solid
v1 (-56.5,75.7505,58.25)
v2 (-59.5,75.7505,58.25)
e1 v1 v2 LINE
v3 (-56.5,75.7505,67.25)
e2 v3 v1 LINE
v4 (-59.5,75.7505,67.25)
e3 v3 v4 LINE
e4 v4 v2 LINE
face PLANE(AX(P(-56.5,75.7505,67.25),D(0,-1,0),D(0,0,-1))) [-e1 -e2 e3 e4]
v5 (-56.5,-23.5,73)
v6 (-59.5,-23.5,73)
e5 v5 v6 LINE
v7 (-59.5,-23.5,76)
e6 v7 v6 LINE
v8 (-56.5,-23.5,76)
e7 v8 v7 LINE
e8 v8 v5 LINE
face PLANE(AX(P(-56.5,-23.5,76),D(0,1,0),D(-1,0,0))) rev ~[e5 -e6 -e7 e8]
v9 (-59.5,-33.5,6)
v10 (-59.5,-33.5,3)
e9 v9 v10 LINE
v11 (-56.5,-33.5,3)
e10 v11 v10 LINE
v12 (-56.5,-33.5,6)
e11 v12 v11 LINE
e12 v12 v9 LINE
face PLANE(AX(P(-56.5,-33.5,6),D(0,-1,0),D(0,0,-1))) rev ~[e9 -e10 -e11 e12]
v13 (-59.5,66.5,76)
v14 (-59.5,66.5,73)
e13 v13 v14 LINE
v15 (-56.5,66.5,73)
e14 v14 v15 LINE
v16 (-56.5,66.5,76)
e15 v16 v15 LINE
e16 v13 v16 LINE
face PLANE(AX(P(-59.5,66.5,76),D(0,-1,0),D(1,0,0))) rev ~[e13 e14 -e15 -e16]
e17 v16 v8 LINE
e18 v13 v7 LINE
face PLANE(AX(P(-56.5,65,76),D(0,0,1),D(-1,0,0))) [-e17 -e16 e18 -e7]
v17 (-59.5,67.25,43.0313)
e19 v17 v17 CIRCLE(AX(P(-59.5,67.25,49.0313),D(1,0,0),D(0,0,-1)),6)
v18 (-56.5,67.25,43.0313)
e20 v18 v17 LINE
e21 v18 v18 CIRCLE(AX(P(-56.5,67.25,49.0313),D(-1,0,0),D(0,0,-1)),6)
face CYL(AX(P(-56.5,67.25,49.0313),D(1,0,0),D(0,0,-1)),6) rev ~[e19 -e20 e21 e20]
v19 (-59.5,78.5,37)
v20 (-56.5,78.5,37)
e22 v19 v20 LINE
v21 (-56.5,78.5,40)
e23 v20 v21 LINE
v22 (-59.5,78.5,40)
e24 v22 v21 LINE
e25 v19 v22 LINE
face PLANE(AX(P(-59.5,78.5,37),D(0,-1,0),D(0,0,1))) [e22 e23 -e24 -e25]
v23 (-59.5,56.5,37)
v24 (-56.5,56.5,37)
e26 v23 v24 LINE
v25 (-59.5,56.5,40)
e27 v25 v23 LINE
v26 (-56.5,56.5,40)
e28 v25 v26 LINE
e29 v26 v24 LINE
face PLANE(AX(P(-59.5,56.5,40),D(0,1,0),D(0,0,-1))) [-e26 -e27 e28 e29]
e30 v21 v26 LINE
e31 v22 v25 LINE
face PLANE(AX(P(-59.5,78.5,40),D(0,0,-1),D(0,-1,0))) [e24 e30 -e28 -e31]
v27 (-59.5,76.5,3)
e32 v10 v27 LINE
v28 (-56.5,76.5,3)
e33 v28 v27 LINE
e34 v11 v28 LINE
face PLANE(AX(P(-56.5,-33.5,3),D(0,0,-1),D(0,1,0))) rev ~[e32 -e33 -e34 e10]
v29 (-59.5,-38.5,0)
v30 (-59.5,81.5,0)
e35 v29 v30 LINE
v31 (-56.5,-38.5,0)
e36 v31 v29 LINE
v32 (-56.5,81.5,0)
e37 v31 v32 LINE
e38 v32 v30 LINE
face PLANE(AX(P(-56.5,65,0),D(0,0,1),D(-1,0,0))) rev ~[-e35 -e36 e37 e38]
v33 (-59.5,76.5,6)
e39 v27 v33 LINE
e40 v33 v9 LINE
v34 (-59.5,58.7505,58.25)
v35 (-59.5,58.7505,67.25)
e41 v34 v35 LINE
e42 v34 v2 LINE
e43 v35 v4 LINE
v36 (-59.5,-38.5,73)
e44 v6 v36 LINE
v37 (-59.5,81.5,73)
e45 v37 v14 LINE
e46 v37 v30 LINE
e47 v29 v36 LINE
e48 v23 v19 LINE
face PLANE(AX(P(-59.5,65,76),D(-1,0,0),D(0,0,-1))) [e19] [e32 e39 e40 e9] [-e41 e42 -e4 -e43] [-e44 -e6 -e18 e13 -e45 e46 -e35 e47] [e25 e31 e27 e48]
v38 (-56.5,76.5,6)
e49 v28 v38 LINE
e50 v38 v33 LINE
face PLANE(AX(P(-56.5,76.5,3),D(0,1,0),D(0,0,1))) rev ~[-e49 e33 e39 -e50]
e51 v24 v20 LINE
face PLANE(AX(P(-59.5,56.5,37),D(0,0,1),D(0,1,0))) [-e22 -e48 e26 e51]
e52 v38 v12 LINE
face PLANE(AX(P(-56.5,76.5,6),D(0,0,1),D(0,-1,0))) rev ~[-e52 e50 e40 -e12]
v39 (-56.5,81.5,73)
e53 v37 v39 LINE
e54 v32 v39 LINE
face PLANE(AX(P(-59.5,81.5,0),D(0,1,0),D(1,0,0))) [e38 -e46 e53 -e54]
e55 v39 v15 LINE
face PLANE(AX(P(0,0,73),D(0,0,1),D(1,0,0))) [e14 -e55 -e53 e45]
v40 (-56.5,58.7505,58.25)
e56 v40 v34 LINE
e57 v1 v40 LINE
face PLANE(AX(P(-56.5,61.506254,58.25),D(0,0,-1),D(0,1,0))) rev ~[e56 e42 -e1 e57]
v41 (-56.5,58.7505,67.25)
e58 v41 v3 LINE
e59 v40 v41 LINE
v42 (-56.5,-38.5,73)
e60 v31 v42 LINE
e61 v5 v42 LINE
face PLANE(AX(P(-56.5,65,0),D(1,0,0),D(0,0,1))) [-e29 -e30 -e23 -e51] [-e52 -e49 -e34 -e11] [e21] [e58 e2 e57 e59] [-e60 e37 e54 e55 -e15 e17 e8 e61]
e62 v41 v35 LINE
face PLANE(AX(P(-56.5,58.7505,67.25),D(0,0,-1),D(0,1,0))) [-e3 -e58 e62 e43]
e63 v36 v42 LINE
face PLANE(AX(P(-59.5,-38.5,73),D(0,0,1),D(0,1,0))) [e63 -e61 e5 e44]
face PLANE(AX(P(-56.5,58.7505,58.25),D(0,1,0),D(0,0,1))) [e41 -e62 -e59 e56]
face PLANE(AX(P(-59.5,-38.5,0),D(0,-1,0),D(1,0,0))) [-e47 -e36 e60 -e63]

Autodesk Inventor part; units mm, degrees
ref_plane "YZ Plane" through (0, 0, 0) normal (1, 0, 0) x (0, 1, 0)
ref_plane "XZ Plane" through (0, 0, 0) normal (0, 1, 0) x (-1, 0, 0)
ref_plane "XY Plane" through (0, 0, 0) normal (0, 0, 1) x (1, 0, 0)
sketch "Sketch1" plane through (0, 0, 0) normal (0, 0, 1) x (1, 0, 0)
  line L0 (-56.5, -25) -> (-59.5, -25) projected
  line L1 (-59.5, -25) -> (-59.5, 65) projected
  line L2 (-56.5, -38) -> (-56.5, 78) projected
  line L3 (-59.5, 65) -> (-56.5, 65) projected
  line L4 (-56.5, -25) -> (-59.5, -25)
  line L5 (-59.5, -25) -> (-59.5, 65)
  line L6 (-59.5, 65) -> (-56.5, 65)
  line L7 (-56.5, 65) -> (-56.5, -25)
  point P0 (0, 0)
extrude "Extrusion1" add sketch "Sketch1" along normal blind 76
sketch "Sketch2" plane through (-59.5, -25, 0) normal (0, -1, 0) x (1, 0, 0)
  line L0 (3, 0) -> (3, 76) projected
  line L1 (0, 76) -> (3, 76) projected
  line L2 (3, 0) -> (0, 0)
  line L3 (0, 0) -> (0, 76)
  line L4 (0, 76) -> (3, 76)
  line L5 (3, 76) -> (3, 0)
  point P0 (59.5, 0)
extrude "Extrusion2" add sketch "Sketch2" along normal blind 13.5
sketch "Sketch4" plane through (-59.5, 65, 0) normal (0, 1, 0) x (1, 0, 0)
  line L0 (3, 0) -> (3, -76) projected
  line L1 (3, 0) -> (0, 0) projected
  line L2 (3, -76) -> (0, -76)
  line L3 (0, -76) -> (0, 0)
  line L4 (0, 0) -> (3, 0)
  line L5 (3, 0) -> (3, -76)
  point P0 (59.5, 0)
extrude "Extrusion3" add sketch "Sketch4" along normal blind 16.5
sketch "Sketch5" plane through (-59.5, -38.5, 0) normal (-1, 0, 0) x (0, 0, 1)
  line L0 (0, 120) -> (76, 120) projected
  line L1 (76, 120) -> (73, 120)
  line L2 (73, 120) -> (73, 110)
  line L3 (73, 110) -> (76, 110)
  line L4 (76, 110) -> (76, 120)
  line L5 (76, 0) -> (76, 120) projected
  line L6 (76, 0) -> (73, 0)
  line L7 (73, 0) -> (73, 10)
  line L8 (73, 10) -> (76, 10)
  line L9 (76, 10) -> (76, 0)
  point P0 (0, 38.5)
  dimension "d10" = 3
  dimension "d11" = 10
  dimension "d12" = 3
  dimension "d13" = 10
extrude "Extrusion4" cut sketch "Sketch5" against normal blind 10
sketch "Sketch6" plane through (0, 0, 76) normal (0, 0, 1) x (1, 0, 0)
  line L0 (-59.5, -28.5) -> (-56.5, -28.5) projected
  line L1 (-56.5, -28.5) -> (-56.5, -38.5) projected
  line L2 (-59.5, -38.5) -> (-59.5, -28.5) projected
  line L3 (-56.5, -23.5) -> (-59.5, -23.5) projected
  line L4 (-59.5, 66.5) -> (-56.5, 66.5) projected
  line L5 (-59.5, 81.5) -> (-59.5, -38.5) projected
  line L6 (-56.5, -23.5) -> (-59.5, -23.5)
  line L7 (-59.5, -23.5) -> (-59.5, -38.5)
  line L8 (-59.5, -38.5) -> (-56.5, -38.5)
  line L9 (-56.5, -38.5) -> (-56.5, -23.5)
  line L10 (-56.5, 66.5) -> (-59.5, 66.5)
  line L11 (-59.5, 66.5) -> (-59.5, 81.5)
  line L12 (-59.5, 81.5) -> (-56.5, 81.5)
  line L13 (-56.5, 81.5) -> (-56.5, 66.5)
  point P0 (0, 0)
  dimension "d16" = 15
extrude "Extrusion5" cut sketch "Sketch6" against normal blind 3
sketch "Sketch7" plane through (-56.5, -38.5, 0) normal (1, 0, 0) x (0, 0, -1)
  circle A0 centre (-58, 105) radius 5 projected
  circle A1 centre (-58, 105) radius 5 projected
  line L0 (-70, 94.5) -> (-43, 94.5)
  line L1 (-43, 94.5) -> (-43, 117.0005)
  line L2 (-43, 117.0005) -> (-70, 117.0005)
  line L3 (-70, 117.0005) -> (-70, 94.5)
  line L4 (0, 91.5) -> (-73, 91.5) projected
  line L5 (-73, 105) -> (-73, 95) projected
  line L6 (-63, 120.0005) -> (-73, 120.0005) projected
  line L7 (-40, 95) -> (-40, 117) projected
  line L8 (-58.25, 97.2505) -> (-58.25, 114.2505) projected
  line L9 (-58.25, 114.2505) -> (-58.25, 97.2505) projected
  line L10 (-58.25, 97.2505) -> (-67.25, 97.2505) projected
  line L11 (-67.25, 97.2505) -> (-67.25, 114.2505) projected
  line L12 (-67.25, 114.2505) -> (-58.25, 114.2505) projected
  line L13 (-58.25, 114.2505) -> (-67.25, 114.2505)
  line L14 (-67.25, 114.2505) -> (-67.25, 97.2505)
  line L15 (-67.25, 97.2505) -> (-58.25, 97.2505)
  line L16 (-58.25, 97.2505) -> (-58.25, 114.2505)
  circle A2 centre (-49.0313, 105.75) radius 6
  line L17 (-73, 120) -> (0, 120) projected
  point P0 (0, 38.5)
  point P1 (-58.25, 100.0063)
  point P2 (-58.25, 109.9937)
  dimension "d26" = 3
  dimension "d27" = 3
  dimension "d28" = 3
  dimension "d29" = 3
  dimension "d30" = 12
  dimension "d31" = 9
  dimension "d32" = 14.25
  dimension "d33" = 14.25
extrude "Extrusion6" cut sketch "Sketch7" against normal blind 3 contours A0 A2 | A0 A2 | L8 A0 | A0 L8 L10 L11 L12
sketch "Sketch8" plane through (-59.5, -38.5, 0) normal (-1, 0, 0) x (0, 0, 1)
  line L0 (40, 117) -> (40, 95) projected
  line L1 (37, 95) -> (37, 117) projected
  line L2 (37, 117) -> (40, 117) projected
  line L3 (37, 117) -> (40, 117)
  line L4 (40, 117) -> (40, 95)
  line L5 (40, 95) -> (37, 95)
  line L6 (37, 95) -> (37, 117)
  point P0 (0, 38.5)
  point P1 (37, 95)
extrude "Extrusion7" cut sketch "Sketch8" against normal blind 3
sketch "Sketch9" plane through (-56.5, -38.5, 0) normal (1, 0, 0) x (0, 0, -1)
  line L0 (-6, 115) -> (-6, 5) projected
  line L1 (-3, 5) -> (-3, 115) projected
  line L2 (-3, 115) -> (-6, 115) projected
  line L3 (-6, 5) -> (-3, 5) projected
  line L4 (-6, 115) -> (-3, 115)
  line L5 (-3, 115) -> (-3, 5)
  line L6 (-3, 5) -> (-6, 5)
  line L7 (-6, 5) -> (-6, 115)
  point P0 (0, 38.5)
extrude "Extrusion8" cut sketch "Sketch9" against normal blind 3
sketch "Sketch10" plane through (-56.5, -38.5, 0) normal (1, 0, 0) x (0, 0, -1)
  point P0 (0, 38.5)
properties part number "divider"
